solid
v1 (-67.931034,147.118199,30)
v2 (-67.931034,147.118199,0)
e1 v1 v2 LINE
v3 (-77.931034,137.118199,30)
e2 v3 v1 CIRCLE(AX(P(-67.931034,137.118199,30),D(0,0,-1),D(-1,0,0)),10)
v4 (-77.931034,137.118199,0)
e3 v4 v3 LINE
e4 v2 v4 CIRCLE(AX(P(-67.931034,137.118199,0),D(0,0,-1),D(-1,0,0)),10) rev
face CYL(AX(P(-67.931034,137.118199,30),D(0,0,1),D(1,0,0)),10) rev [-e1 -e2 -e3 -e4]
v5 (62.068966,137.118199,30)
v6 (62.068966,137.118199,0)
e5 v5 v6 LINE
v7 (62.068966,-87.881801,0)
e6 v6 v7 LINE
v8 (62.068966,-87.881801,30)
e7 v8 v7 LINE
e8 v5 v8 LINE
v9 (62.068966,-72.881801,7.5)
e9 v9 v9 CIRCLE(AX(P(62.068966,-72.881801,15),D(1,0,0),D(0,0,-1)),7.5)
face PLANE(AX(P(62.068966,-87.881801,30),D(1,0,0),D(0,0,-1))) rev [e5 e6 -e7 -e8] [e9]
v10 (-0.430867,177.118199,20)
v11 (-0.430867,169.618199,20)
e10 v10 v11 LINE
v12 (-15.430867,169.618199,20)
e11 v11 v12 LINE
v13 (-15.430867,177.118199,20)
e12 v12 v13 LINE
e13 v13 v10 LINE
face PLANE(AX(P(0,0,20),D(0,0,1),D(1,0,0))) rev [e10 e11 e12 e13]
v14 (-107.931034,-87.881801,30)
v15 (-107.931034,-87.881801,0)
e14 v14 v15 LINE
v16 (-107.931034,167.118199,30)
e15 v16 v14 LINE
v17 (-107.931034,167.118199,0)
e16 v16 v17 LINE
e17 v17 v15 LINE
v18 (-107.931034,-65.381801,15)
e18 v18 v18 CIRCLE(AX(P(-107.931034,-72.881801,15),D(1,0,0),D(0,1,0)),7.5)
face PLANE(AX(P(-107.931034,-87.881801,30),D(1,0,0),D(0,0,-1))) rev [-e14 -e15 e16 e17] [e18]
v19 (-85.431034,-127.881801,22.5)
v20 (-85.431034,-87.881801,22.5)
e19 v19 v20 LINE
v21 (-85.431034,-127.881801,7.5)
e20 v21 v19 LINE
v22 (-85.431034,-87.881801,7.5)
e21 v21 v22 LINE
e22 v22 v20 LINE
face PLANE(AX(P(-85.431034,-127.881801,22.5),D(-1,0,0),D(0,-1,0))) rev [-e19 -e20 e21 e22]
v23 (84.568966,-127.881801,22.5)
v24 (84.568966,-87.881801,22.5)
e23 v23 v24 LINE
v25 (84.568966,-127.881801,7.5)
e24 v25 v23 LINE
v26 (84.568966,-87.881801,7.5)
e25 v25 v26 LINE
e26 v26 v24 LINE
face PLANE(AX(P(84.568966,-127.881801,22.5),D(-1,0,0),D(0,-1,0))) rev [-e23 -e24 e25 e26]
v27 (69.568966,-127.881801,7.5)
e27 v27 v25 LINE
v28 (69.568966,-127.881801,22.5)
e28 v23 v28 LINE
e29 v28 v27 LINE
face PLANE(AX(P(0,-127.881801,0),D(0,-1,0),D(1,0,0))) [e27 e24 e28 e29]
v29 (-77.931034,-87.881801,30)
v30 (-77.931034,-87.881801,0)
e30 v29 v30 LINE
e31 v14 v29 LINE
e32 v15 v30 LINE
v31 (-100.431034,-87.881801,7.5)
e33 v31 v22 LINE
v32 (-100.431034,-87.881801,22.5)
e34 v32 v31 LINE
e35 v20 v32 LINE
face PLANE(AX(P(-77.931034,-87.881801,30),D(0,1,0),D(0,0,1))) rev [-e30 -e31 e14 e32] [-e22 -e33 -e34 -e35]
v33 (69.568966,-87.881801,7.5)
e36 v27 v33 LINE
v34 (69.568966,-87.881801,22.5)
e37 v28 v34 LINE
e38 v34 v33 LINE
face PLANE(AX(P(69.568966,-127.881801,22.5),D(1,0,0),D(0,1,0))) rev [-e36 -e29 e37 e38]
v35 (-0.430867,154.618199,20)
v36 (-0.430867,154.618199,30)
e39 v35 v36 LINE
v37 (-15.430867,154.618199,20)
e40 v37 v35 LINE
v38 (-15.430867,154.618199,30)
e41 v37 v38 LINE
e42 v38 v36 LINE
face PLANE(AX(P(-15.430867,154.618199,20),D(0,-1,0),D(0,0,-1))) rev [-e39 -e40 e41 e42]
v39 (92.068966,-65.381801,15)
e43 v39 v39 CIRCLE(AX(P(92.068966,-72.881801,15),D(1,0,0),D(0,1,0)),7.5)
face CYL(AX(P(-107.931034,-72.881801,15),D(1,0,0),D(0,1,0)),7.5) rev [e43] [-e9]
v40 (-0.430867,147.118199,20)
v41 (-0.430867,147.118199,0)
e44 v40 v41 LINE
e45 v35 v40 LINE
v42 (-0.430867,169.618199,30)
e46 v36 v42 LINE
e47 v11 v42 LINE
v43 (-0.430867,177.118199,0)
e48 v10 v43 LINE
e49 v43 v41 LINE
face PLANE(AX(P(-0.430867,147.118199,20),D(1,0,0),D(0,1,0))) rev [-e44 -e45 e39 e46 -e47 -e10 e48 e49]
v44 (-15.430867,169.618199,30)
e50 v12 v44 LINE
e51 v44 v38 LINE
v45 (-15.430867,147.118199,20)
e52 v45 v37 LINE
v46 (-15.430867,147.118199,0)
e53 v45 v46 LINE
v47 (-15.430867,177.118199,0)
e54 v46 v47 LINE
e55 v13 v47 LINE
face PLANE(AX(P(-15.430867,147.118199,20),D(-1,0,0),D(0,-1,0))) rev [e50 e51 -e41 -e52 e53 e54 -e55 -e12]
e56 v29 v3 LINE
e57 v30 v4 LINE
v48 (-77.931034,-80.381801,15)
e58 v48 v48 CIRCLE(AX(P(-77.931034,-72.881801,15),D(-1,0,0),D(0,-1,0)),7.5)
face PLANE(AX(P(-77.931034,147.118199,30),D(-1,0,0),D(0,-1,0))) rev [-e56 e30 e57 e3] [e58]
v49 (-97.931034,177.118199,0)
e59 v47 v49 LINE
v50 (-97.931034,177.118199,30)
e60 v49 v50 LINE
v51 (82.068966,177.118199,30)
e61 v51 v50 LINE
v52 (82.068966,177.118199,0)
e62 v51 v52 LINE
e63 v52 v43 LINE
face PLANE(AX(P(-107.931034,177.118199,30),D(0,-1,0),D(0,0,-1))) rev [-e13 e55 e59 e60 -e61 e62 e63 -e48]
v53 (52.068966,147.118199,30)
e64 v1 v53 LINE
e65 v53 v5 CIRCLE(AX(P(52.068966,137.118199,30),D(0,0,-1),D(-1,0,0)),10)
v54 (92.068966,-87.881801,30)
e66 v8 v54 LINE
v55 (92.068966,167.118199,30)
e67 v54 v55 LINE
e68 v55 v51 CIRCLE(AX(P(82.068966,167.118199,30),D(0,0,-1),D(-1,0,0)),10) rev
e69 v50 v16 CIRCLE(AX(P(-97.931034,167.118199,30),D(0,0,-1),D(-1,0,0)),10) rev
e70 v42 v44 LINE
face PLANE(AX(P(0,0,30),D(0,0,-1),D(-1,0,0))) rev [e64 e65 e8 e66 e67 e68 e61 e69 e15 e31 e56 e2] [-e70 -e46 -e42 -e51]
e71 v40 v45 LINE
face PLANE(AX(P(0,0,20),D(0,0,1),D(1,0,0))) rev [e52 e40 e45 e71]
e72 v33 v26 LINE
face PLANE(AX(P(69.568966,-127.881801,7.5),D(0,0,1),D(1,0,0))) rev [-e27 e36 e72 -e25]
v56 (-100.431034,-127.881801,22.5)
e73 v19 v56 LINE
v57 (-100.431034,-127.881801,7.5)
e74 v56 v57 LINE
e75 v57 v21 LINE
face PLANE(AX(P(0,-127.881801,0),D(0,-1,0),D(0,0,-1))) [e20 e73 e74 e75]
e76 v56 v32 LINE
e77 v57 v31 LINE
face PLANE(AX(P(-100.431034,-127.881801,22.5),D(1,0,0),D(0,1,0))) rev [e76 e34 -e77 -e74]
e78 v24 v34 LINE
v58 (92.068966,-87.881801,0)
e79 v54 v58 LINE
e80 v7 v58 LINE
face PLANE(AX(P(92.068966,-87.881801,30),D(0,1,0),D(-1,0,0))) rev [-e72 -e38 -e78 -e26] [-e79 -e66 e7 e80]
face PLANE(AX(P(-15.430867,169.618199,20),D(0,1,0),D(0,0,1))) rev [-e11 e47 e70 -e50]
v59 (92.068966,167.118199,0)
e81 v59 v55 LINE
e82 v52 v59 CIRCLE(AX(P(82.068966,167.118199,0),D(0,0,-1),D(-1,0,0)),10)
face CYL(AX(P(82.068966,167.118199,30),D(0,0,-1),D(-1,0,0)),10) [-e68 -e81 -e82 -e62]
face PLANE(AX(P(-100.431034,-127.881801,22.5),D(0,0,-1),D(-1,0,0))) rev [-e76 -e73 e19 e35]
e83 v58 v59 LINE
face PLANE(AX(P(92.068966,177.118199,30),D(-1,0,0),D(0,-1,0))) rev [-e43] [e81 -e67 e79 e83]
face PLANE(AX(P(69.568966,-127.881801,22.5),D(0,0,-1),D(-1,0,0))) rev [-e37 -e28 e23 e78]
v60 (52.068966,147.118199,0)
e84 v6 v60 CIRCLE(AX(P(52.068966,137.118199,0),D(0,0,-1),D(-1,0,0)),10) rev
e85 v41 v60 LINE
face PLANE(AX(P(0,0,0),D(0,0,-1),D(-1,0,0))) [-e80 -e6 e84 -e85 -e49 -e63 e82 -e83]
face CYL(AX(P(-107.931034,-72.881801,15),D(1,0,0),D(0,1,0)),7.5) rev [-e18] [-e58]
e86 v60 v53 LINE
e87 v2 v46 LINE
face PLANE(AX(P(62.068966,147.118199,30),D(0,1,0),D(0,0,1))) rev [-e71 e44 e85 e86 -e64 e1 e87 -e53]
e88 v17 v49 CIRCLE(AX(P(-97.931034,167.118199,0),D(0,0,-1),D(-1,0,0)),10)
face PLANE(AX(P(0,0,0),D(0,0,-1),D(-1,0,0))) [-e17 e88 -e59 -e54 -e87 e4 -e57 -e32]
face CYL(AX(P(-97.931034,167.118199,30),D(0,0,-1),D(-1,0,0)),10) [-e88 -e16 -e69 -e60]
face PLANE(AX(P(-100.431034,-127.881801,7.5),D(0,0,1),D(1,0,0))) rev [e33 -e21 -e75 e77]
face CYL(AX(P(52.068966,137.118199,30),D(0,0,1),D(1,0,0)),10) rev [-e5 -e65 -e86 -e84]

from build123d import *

# Parameters (mm, degrees)
BOSS_EXTRUDE1_DEPTH     = 30
SKETCH2_W               = 15
SKETCH2_H               = 15
BOSS_EXTRUDE2_DEPTH     = 40
FILLET1_R               = 10
FILLET2_R               = 10
SKETCH3_R               = 7.5
CUT_EXTRUDE1_DEPTH      = 171
CUT_EXTRUDE1_DEPTH_BACK = 31
SKETCH4_W               = 15
SKETCH4_H               = 30
CUT_EXTRUDE2_DEPTH      = 20
SKETCH5_W               = 15
SKETCH5_H               = 15
CUT_EXTRUDE3_DEPTH      = 10


with BuildPart() as part:
    # Sketch1 → Boss-Extrude1 (new body)
    with BuildSketch(Plane.XY):
        Polygon((-77.931034483, -87.881800857), (-107.931034483, -87.881800857), (-107.931034483, 177.118199143), (92.068965517, 177.118199143), (92.068965517, -87.881800857), (62.068965517, -87.881800857), (62.068965517, 147.118199143), (-77.931034483, 147.118199143), align=None)
    extrude(amount=BOSS_EXTRUDE1_DEPTH)

    # Sketch2 → Boss-Extrude2 (add)
    with BuildSketch(Plane.XZ.offset(87.881800857)):
        with Locations((77.068965517, 15)):
            Rectangle(SKETCH2_W, SKETCH2_H)
        with Locations((-92.931034483, 15)):
            Rectangle(SKETCH2_W, SKETCH2_H)
    extrude(amount=BOSS_EXTRUDE2_DEPTH)

    # Fillet1
    fillet1_edges = [part.edges().sort_by_distance(p)[0] for p in [
        (62.068965517, 147.118199143, 15),
        (-77.931034483, 147.118199143, 15),
    ]]
    fillet(fillet1_edges, radius=FILLET1_R)

    # Fillet2
    fillet2_edges = [part.edges().sort_by_distance(p)[0] for p in [
        (-107.931034483, 177.118199143, 15),
        (92.068965517, 177.118199143, 15),
    ]]
    fillet(fillet2_edges, radius=FILLET2_R)

    # Sketch3 → Cut-Extrude1 (cut, two sides)
    with BuildSketch(Plane(origin=(-77.931034483, 0, 0), x_dir=(0, 0, -1), z_dir=(1, 0, 0))) as cut_extrude1_sk:
        with Locations((-15, -72.881800857)):
            Circle(SKETCH3_R)
    extrude(amount=CUT_EXTRUDE1_DEPTH, mode=Mode.SUBTRACT)
    extrude(cut_extrude1_sk.sketch, amount=-CUT_EXTRUDE1_DEPTH_BACK, mode=Mode.SUBTRACT)

    # Sketch4 → Cut-Extrude2 (cut)
    with BuildSketch(Plane(origin=(0, 0, 0), x_dir=(-1, 0, 0), z_dir=(0, 0, -1))):
        with Locations((7.930867489, 162.118199143)):
            Rectangle(SKETCH4_W, SKETCH4_H)
    extrude(amount=-CUT_EXTRUDE2_DEPTH, mode=Mode.SUBTRACT)

    # Sketch5 → Cut-Extrude3 (cut)
    with BuildSketch(Plane.XY.offset(30)):
        with Locations((-7.930867489, 162.118199143)):
            Rectangle(SKETCH5_W, SKETCH5_H)
    extrude(amount=-CUT_EXTRUDE3_DEPTH, mode=Mode.SUBTRACT)


solid = part.part
